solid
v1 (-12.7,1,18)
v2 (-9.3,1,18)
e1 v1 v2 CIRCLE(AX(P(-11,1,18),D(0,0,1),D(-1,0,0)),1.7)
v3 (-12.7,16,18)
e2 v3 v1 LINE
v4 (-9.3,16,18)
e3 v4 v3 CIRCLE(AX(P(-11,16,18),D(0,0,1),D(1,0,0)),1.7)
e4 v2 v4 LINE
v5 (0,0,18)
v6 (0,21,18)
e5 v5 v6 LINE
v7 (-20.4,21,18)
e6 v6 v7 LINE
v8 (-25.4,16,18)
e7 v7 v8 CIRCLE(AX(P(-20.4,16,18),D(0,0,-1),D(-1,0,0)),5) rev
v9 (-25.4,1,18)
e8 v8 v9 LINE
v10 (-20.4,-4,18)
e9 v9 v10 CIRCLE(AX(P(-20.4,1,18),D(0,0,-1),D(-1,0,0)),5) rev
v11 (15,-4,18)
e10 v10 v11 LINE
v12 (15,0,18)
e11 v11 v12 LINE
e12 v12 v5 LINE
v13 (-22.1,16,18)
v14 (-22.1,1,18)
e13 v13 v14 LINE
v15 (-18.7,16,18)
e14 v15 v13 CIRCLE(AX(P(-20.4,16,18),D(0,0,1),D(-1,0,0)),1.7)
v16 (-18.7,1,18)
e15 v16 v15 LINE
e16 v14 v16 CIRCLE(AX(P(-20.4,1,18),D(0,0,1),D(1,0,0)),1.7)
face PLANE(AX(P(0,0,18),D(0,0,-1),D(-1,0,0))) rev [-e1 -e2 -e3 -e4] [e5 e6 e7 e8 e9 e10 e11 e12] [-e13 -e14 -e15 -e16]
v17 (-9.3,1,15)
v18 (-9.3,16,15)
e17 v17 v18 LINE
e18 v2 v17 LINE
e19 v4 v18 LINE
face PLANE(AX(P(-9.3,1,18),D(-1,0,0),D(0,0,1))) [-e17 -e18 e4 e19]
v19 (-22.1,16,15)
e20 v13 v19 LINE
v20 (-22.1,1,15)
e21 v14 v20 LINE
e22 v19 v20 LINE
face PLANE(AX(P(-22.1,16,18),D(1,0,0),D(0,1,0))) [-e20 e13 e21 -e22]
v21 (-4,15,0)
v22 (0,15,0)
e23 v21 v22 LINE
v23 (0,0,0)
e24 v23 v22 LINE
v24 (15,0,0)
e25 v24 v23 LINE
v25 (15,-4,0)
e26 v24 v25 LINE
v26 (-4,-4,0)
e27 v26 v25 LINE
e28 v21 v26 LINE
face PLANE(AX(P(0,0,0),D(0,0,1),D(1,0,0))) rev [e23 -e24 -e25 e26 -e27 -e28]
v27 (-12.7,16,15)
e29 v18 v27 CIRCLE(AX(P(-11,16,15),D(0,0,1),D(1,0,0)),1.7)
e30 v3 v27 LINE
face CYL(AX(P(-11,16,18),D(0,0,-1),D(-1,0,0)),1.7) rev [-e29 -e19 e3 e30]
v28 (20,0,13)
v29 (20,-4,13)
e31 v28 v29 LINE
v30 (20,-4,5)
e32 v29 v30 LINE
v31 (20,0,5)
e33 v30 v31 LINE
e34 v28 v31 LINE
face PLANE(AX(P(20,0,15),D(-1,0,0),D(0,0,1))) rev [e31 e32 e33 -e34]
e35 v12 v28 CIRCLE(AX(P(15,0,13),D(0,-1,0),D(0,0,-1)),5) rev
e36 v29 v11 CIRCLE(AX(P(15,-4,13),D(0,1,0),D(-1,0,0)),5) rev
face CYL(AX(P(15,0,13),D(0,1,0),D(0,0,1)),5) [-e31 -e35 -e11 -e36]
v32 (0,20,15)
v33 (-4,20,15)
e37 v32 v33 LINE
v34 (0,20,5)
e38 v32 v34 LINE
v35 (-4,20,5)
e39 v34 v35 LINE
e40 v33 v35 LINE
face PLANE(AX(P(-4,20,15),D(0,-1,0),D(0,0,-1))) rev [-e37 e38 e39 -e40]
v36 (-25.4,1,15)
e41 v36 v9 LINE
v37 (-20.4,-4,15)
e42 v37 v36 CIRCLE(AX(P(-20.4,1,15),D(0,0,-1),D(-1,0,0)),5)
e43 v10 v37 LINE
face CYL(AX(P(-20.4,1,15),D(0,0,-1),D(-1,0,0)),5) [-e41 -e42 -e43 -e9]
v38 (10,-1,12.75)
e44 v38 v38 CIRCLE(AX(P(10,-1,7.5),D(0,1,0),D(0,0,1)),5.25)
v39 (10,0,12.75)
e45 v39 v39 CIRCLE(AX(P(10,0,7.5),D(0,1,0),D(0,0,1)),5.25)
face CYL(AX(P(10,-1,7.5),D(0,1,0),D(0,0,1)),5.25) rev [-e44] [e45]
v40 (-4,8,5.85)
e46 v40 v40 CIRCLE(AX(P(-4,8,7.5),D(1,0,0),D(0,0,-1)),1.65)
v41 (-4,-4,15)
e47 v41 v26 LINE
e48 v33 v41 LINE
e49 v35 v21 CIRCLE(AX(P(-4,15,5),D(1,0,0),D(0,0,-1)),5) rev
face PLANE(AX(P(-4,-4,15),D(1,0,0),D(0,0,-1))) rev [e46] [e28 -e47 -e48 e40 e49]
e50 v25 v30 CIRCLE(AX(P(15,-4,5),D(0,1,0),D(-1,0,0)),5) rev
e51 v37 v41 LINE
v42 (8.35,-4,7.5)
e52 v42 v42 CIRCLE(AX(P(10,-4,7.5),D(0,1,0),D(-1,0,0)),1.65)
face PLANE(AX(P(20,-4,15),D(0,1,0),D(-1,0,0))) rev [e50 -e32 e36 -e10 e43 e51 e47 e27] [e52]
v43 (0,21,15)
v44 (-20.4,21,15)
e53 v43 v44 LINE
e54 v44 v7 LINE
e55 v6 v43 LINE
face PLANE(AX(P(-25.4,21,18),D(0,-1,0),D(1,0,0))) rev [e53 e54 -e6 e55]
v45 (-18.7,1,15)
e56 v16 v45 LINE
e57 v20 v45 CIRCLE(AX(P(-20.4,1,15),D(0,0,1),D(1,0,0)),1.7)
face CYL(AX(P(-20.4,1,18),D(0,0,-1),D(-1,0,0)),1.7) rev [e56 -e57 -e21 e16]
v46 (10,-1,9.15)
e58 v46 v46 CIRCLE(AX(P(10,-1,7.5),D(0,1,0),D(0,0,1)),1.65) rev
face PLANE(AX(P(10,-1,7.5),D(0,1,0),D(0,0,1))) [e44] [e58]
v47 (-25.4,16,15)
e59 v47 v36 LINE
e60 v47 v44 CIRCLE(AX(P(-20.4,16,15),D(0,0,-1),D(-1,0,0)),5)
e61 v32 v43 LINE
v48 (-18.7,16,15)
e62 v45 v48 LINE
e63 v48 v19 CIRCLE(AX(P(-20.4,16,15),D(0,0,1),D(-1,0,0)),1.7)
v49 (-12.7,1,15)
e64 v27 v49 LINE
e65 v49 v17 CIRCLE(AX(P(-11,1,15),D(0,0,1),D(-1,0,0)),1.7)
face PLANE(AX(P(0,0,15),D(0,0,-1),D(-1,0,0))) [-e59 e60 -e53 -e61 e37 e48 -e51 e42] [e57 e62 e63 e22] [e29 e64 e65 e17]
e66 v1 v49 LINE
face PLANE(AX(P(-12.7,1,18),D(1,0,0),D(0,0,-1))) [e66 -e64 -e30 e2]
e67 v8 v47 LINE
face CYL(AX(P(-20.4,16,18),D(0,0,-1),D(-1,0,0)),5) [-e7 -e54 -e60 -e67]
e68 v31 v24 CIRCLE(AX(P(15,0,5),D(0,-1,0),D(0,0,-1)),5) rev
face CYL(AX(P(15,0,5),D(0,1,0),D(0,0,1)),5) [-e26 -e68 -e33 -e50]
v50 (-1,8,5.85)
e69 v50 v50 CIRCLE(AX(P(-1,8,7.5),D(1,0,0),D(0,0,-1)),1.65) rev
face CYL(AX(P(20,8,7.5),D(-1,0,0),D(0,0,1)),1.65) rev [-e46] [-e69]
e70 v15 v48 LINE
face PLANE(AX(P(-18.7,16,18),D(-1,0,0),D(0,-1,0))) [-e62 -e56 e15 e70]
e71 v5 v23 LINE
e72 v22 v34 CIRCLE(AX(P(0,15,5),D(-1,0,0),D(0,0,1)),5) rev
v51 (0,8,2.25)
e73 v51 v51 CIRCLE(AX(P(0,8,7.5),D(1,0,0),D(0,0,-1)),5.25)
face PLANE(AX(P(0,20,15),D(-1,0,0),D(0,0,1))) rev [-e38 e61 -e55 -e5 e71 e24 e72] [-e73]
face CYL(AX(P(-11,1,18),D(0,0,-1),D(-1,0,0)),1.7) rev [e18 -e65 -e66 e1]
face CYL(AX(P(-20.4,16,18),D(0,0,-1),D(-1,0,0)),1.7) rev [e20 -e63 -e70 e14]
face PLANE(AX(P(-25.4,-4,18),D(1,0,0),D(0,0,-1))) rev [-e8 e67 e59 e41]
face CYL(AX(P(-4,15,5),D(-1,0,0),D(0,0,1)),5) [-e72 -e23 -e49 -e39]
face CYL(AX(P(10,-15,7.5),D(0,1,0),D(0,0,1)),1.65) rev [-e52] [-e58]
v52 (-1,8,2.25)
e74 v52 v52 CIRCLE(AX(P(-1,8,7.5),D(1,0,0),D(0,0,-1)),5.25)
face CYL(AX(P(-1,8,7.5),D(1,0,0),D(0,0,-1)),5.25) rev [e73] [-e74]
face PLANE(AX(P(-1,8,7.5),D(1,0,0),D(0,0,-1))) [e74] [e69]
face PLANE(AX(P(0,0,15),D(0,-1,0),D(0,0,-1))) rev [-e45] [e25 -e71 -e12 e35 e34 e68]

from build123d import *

# Parameters (mm, degrees)
RESSALTO_EXTRUS_O2_DEPTH   = 15
ESBO_O4_R                  = 1.65
CORTE_EXTRUS_O1_DEPTH      = 1
CORTE_EXTRUS_O1_DEPTH_BACK = 25
ESBO_O5_R                  = 1.65
CORTE_EXTRUS_O2_DEPTH      = 15
ESBO_O6_R                  = 5.25
CORTE_EXTRUS_O3_DEPTH      = 1
ESBO_O7_R                  = 5.25
CORTE_EXTRUS_O4_DEPTH      = 1
RESSALTO_EXTRUS_O3_DEPTH   = 3
FILETE1_R                  = 5


with BuildPart() as part:
    # Esboço2 → Ressalto-extrusão2 (new body)
    with BuildSketch(Plane.XY):
        Polygon((0, 0), (20, 0), (20, -4), (-4, -4), (-4, 20), (0, 20), align=None)
    extrude(amount=RESSALTO_EXTRUS_O2_DEPTH)

    # Esboço4 → Corte-extrusão1 (cut, two sides)
    with BuildSketch(Plane.ZY.offset(4)) as corte_extrus_o1_sk:
        with Locations((7.5, 8)):
            Circle(ESBO_O4_R)
    extrude(amount=CORTE_EXTRUS_O1_DEPTH, mode=Mode.SUBTRACT)
    extrude(corte_extrus_o1_sk.sketch, amount=-CORTE_EXTRUS_O1_DEPTH_BACK, mode=Mode.SUBTRACT)

    # Esboço5 → Corte-extrusão2 (cut)
    with BuildSketch(Plane(origin=(0, 0, 0), x_dir=(1, 0, 0), z_dir=(0, 1, 0))):
        with Locations((10, -7.5)):
            Circle(ESBO_O5_R)
    extrude(amount=-CORTE_EXTRUS_O2_DEPTH, mode=Mode.SUBTRACT)

    # Esboço6 → Corte-extrusão3 (cut)
    with BuildSketch(Plane(origin=(0, 0, 0), x_dir=(1, 0, 0), z_dir=(0, 1, 0))):
        with Locations((10, -7.5)):
            Circle(ESBO_O6_R)
    extrude(amount=-CORTE_EXTRUS_O3_DEPTH, mode=Mode.SUBTRACT)

    # Esboço7 → Corte-extrusão4 (cut)
    with BuildSketch(Plane(origin=(0, 0, 0), x_dir=(0, 0, -1), z_dir=(1, 0, 0))):
        with Locations((-7.5, 8)):
            Circle(ESBO_O7_R)
    extrude(amount=-CORTE_EXTRUS_O4_DEPTH, mode=Mode.SUBTRACT)

    # Esboço9 → Ressalto-extrusão3 (add)
    with BuildSketch(Plane.XY.offset(15)):
        Polygon((20, -4), (-25.4, -4), (-25.4, 21), (0, 21), (0, 0), (20, 0), align=None)
        with BuildLine():
            Line((-22.1, 16), (-22.1, 1))
            ThreePointArc((-22.1, 1), (-20.4, -0.7), (-18.7, 1))
            Line((-18.7, 1), (-18.7, 16))
            ThreePointArc((-18.7, 16), (-20.4, 17.7), (-22.1, 16))
        make_face(mode=Mode.SUBTRACT)
        with BuildLine():
            Line((-9.3, 1), (-9.3, 16))
            ThreePointArc((-9.3, 16), (-11, 17.7), (-12.7, 16))
            Line((-12.7, 16), (-12.7, 1))
            ThreePointArc((-12.7, 1), (-11, -0.7), (-9.3, 1))
        make_face(mode=Mode.SUBTRACT)
    extrude(amount=RESSALTO_EXTRUS_O3_DEPTH)

    # Filete1
    filete1_edges = [part.edges().sort_by_distance(p)[0] for p in [
        (20, -2, 18),
        (-25.4, 21, 16.5),
        (-25.4, -4, 16.5),
        (20, -2, 0),
        (-2, 20, 0),
    ]]
    fillet(filete1_edges, radius=FILETE1_R)


solid = part.part
